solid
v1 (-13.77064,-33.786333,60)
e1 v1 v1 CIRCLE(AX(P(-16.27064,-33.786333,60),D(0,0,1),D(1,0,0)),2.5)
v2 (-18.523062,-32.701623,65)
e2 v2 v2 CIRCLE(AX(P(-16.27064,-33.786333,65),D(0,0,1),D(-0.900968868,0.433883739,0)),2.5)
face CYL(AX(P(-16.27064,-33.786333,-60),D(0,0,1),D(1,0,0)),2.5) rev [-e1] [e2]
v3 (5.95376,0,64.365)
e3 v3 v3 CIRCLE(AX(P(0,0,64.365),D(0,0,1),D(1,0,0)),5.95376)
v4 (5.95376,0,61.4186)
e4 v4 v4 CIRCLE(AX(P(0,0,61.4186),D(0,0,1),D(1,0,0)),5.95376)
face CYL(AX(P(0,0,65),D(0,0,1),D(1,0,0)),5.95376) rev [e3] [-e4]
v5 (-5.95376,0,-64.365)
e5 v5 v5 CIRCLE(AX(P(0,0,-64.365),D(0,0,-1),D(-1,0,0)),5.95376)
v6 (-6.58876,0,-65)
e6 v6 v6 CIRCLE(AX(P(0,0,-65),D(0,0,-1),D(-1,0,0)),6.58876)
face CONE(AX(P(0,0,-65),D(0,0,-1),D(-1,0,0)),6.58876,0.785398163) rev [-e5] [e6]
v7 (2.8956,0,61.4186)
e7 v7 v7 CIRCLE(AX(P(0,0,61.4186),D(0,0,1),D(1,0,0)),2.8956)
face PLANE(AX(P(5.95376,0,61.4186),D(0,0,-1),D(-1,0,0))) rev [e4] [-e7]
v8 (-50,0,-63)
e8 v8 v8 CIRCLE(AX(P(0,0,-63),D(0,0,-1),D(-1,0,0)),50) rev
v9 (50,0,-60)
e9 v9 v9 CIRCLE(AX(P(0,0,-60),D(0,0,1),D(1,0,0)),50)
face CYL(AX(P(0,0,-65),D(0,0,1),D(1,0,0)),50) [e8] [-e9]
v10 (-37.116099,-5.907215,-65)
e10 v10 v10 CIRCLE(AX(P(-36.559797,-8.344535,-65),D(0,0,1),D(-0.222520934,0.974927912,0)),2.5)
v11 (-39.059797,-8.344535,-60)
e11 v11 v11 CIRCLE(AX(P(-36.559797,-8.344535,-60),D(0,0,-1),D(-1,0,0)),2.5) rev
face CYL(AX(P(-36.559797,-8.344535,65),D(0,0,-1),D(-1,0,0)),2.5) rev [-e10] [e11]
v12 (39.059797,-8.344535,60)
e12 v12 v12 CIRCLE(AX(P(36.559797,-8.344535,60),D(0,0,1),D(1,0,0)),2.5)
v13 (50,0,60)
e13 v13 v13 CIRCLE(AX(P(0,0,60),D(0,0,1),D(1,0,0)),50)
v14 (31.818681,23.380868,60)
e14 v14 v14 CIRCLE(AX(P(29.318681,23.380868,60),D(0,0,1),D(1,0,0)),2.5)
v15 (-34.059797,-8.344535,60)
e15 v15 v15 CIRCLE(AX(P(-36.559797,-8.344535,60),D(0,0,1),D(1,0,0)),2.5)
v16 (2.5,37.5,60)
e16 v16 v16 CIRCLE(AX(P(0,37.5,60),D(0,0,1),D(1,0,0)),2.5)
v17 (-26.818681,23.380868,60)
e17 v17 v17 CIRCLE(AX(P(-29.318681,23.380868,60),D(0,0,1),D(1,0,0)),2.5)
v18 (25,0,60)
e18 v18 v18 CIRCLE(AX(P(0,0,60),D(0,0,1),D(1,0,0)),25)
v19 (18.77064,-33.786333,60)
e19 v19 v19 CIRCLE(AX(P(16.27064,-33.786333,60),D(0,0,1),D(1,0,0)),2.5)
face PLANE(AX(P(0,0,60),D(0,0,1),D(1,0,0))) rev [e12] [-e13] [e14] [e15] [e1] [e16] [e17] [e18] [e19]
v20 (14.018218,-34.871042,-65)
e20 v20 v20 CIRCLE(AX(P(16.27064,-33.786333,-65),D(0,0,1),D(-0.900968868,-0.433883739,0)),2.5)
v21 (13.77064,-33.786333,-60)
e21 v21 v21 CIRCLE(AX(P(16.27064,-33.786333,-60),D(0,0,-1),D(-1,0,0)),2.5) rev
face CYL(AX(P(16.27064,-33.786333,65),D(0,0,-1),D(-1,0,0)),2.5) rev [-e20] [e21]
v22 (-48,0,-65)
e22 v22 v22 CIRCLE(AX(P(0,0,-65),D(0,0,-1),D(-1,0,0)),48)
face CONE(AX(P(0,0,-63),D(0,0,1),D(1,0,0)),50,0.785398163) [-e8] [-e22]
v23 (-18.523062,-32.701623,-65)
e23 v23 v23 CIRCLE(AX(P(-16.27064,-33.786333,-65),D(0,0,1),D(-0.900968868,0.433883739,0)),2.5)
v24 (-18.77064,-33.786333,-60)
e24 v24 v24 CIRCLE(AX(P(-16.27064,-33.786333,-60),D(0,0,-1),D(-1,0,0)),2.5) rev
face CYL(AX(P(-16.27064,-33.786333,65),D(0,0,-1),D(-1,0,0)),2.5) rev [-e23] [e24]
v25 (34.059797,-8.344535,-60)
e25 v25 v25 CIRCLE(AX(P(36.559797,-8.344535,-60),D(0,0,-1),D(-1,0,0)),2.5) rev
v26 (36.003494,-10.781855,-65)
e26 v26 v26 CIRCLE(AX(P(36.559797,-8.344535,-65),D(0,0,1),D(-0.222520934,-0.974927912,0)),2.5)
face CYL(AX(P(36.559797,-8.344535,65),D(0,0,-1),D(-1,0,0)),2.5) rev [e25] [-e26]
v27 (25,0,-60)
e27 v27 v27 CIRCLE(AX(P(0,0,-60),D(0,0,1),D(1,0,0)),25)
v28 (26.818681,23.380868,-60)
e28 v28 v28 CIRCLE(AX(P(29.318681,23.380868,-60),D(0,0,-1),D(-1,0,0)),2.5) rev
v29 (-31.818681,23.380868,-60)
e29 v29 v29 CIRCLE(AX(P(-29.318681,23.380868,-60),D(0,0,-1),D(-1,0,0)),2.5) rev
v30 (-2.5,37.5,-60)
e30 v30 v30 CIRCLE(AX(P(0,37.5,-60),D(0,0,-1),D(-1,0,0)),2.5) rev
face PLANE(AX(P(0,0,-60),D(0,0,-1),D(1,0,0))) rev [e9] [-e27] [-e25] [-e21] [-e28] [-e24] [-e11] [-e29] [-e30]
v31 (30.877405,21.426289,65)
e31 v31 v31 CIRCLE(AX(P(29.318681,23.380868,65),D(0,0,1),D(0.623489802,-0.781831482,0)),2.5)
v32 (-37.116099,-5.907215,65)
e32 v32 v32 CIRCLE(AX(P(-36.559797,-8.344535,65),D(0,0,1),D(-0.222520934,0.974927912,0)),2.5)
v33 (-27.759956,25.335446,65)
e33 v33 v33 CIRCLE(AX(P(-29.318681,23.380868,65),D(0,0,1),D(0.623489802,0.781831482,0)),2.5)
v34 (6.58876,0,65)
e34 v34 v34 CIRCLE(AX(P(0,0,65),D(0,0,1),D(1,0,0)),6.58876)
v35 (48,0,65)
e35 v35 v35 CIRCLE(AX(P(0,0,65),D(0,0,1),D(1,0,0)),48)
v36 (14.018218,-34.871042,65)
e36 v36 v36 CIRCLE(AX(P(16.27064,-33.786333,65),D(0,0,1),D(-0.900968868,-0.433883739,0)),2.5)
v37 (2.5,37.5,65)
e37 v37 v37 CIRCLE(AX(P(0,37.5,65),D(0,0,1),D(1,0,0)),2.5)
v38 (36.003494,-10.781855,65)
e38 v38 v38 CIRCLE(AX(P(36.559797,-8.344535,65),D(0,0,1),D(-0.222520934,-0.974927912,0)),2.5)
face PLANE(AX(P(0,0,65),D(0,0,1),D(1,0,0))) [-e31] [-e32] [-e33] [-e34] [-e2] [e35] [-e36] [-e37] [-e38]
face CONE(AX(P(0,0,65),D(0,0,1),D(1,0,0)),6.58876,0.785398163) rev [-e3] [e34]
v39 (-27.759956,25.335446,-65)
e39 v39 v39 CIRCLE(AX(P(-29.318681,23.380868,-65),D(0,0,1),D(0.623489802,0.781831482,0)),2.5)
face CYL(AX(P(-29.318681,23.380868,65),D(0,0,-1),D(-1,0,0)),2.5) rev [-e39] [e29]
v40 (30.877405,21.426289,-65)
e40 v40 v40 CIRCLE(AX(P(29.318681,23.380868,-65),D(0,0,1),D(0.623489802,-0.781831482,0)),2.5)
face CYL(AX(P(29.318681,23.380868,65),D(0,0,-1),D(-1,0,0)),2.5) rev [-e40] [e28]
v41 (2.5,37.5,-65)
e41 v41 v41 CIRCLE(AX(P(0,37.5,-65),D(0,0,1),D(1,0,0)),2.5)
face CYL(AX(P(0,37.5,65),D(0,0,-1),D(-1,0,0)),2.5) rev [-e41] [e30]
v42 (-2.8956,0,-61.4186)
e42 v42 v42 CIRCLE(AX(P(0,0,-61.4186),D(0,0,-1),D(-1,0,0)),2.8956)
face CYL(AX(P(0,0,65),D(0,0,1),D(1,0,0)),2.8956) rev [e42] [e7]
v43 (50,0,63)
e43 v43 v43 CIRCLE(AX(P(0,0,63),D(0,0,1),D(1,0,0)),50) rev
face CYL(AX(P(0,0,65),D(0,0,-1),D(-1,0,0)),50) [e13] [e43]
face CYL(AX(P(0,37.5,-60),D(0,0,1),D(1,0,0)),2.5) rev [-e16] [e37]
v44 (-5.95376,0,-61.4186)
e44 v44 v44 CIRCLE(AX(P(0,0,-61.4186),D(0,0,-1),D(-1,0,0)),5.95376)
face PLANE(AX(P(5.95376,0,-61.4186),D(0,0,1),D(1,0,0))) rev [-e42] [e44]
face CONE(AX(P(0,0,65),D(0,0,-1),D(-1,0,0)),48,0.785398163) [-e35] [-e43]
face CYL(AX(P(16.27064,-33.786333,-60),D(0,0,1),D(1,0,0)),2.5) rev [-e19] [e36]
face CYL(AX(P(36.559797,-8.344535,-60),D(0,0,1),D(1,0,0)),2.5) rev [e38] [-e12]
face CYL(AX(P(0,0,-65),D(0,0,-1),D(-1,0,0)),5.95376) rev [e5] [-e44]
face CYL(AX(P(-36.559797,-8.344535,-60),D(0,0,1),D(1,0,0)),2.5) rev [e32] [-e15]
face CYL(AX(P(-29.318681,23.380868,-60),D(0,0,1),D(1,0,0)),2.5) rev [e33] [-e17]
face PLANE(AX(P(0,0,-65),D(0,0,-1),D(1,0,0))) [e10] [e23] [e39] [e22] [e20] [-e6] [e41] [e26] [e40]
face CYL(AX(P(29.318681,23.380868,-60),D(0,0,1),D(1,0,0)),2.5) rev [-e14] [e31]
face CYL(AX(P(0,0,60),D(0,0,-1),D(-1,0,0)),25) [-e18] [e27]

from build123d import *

# Parameters (mm, degrees)
SKETCH2_R                = 25
BOSS_EXTRUDE1_DEPTH      = 60
SKETCH3_R                = 50
BOSS_EXTRUDE2_DEPTH      = 5
CHAMFER1_SIZE            = 2
SKETCH4_R                = 2.5
CUT_EXTRUDE1_DEPTH       = 144.614066163
CIRPATTERN1_COUNT        = 7
MIRROR1_COPY_1_SKETCH_R  = 2.5
MIRROR1_COPY_1_DEPTH     = 144.614066163
MIRROR1_COPY_2_SKETCH_R  = 2.5
MIRROR1_COPY_2_DEPTH     = 144.614066163
MIRROR1_COPY_3_SKETCH_R  = 2.5
MIRROR1_COPY_3_DEPTH     = 144.614066163
MIRROR1_COPY_4_SKETCH_R  = 2.5
MIRROR1_COPY_4_DEPTH     = 144.614066163
MIRROR1_COPY_5_SKETCH_R  = 2.5
MIRROR1_COPY_5_DEPTH     = 144.614066163
MIRROR1_COPY_6_SKETCH_R  = 2.5
MIRROR1_COPY_6_DEPTH     = 144.614066163
CHAMFER1_OF_MIRROR1_SIZE = 2


with BuildPart() as part:
    # Sketch2 → Boss-Extrude1 (new, symmetric)
    with BuildSketch(Plane.XY):
        Circle(SKETCH2_R)
    extrude(amount=BOSS_EXTRUDE1_DEPTH, both=True)

    # Sketch3 → Boss-Extrude2 (add)
    with BuildSketch(Plane.XY.offset(60)):
        Circle(SKETCH3_R)
    boss_extrude2 = extrude(amount=BOSS_EXTRUDE2_DEPTH)

    # Chamfer1
    chamfer1_edges = [part.edges().sort_by_distance(p)[0] for p in [
        (-50, 0, 65),
    ]]
    chamfer(chamfer1_edges, length=CHAMFER1_SIZE)

    # Sketch4 → Cut-Extrude1 (cut, through all)
    with BuildSketch(Plane.XY.offset(65)):
        with Locations((0, 37.5)):
            Circle(SKETCH4_R)
    cut_extrude1 = extrude(amount=-CUT_EXTRUDE1_DEPTH, mode=Mode.SUBTRACT)

    # CirPattern1: Cut-Extrude1 ×7 about axis
    cirpattern1_axis = Axis((0, 0, 0), (0, 0, 1))
    for i in range(1, CIRPATTERN1_COUNT):
        add(cut_extrude1.rotate(cirpattern1_axis, i * 360 / CIRPATTERN1_COUNT), mode=Mode.SUBTRACT)

    # Sketch6 → CBORE for #12 Binding Head Machine Screw1 (revolve, cut)
    with BuildSketch(Plane(origin=(0, 0, 65), x_dir=(0, -1, 0), z_dir=(1, 0, 0))):
        Polygon((0, 0), (0, 130), (2.8956, 130), (2.8956, 3.5814), (5.95376, 3.5814), (5.95376, 0.635), (6.58876, 0), align=None)
    cbore_for_12_binding_head_machine_screw = revolve(axis=Axis((0, 0, 71.35), (0, 0, -1)), mode=Mode.SUBTRACT)

    # Mirror1: Boss-Extrude2, Cut-Extrude1, CBORE for #12 Binding Head Machine Screw1 across plane
    add(boss_extrude2.mirror(Plane.XY))
    add(cut_extrude1.mirror(Plane.XY), mode=Mode.SUBTRACT)
    add(cbore_for_12_binding_head_machine_screw.mirror(Plane.XY), mode=Mode.SUBTRACT)

    # Mirror1 copy 1 sketch → Mirror1 copy 1 (cut, through all)
    with BuildSketch(Plane(origin=(0, 0, -65), x_dir=(0.6234898018587336, 0.7818314824680298, 0), z_dir=(0, 0, -1))):
        with Locations((0, -37.5)):
            Circle(MIRROR1_COPY_1_SKETCH_R)
    extrude(amount=-MIRROR1_COPY_1_DEPTH, mode=Mode.SUBTRACT)

    # Mirror1 copy 2 sketch → Mirror1 copy 2 (cut, through all)
    with BuildSketch(Plane(origin=(0, 0, -65), x_dir=(-0.22252093395631434, 0.9749279121818236, 0), z_dir=(0, 0, -1))):
        with Locations((0, -37.5)):
            Circle(MIRROR1_COPY_2_SKETCH_R)
    extrude(amount=-MIRROR1_COPY_2_DEPTH, mode=Mode.SUBTRACT)

    # Mirror1 copy 3 sketch → Mirror1 copy 3 (cut, through all)
    with BuildSketch(Plane(origin=(0, 0, -65), x_dir=(-0.900968867902419, 0.43388373911755823, 0), z_dir=(0, 0, -1))):
        with Locations((0, -37.5)):
            Circle(MIRROR1_COPY_3_SKETCH_R)
    extrude(amount=-MIRROR1_COPY_3_DEPTH, mode=Mode.SUBTRACT)

    # Mirror1 copy 4 sketch → Mirror1 copy 4 (cut, through all)
    with BuildSketch(Plane(origin=(0, 0, -65), x_dir=(-0.9009688679024191, -0.433883739117558, 0), z_dir=(0, 0, -1))):
        with Locations((0, -37.5)):
            Circle(MIRROR1_COPY_4_SKETCH_R)
    extrude(amount=-MIRROR1_COPY_4_DEPTH, mode=Mode.SUBTRACT)

    # Mirror1 copy 5 sketch → Mirror1 copy 5 (cut, through all)
    with BuildSketch(Plane(origin=(0, 0, -65), x_dir=(-0.2225209339563137, -0.9749279121818237, 0), z_dir=(0, 0, -1))):
        with Locations((0, -37.5)):
            Circle(MIRROR1_COPY_5_SKETCH_R)
    extrude(amount=-MIRROR1_COPY_5_DEPTH, mode=Mode.SUBTRACT)

    # Mirror1 copy 6 sketch → Mirror1 copy 6 (cut, through all)
    with BuildSketch(Plane(origin=(0, 0, -65), x_dir=(0.6234898018587334, -0.7818314824680299, 0), z_dir=(0, 0, -1))):
        with Locations((0, -37.5)):
            Circle(MIRROR1_COPY_6_SKETCH_R)
    extrude(amount=-MIRROR1_COPY_6_DEPTH, mode=Mode.SUBTRACT)

    # Chamfer1 of Mirror1
    chamfer1_of_mirror1_edges = [part.edges().sort_by_distance(p)[0] for p in [
        (-50, 0, -65),
    ]]
    chamfer(chamfer1_of_mirror1_edges, length=CHAMFER1_OF_MIRROR1_SIZE)


solid = part.part
